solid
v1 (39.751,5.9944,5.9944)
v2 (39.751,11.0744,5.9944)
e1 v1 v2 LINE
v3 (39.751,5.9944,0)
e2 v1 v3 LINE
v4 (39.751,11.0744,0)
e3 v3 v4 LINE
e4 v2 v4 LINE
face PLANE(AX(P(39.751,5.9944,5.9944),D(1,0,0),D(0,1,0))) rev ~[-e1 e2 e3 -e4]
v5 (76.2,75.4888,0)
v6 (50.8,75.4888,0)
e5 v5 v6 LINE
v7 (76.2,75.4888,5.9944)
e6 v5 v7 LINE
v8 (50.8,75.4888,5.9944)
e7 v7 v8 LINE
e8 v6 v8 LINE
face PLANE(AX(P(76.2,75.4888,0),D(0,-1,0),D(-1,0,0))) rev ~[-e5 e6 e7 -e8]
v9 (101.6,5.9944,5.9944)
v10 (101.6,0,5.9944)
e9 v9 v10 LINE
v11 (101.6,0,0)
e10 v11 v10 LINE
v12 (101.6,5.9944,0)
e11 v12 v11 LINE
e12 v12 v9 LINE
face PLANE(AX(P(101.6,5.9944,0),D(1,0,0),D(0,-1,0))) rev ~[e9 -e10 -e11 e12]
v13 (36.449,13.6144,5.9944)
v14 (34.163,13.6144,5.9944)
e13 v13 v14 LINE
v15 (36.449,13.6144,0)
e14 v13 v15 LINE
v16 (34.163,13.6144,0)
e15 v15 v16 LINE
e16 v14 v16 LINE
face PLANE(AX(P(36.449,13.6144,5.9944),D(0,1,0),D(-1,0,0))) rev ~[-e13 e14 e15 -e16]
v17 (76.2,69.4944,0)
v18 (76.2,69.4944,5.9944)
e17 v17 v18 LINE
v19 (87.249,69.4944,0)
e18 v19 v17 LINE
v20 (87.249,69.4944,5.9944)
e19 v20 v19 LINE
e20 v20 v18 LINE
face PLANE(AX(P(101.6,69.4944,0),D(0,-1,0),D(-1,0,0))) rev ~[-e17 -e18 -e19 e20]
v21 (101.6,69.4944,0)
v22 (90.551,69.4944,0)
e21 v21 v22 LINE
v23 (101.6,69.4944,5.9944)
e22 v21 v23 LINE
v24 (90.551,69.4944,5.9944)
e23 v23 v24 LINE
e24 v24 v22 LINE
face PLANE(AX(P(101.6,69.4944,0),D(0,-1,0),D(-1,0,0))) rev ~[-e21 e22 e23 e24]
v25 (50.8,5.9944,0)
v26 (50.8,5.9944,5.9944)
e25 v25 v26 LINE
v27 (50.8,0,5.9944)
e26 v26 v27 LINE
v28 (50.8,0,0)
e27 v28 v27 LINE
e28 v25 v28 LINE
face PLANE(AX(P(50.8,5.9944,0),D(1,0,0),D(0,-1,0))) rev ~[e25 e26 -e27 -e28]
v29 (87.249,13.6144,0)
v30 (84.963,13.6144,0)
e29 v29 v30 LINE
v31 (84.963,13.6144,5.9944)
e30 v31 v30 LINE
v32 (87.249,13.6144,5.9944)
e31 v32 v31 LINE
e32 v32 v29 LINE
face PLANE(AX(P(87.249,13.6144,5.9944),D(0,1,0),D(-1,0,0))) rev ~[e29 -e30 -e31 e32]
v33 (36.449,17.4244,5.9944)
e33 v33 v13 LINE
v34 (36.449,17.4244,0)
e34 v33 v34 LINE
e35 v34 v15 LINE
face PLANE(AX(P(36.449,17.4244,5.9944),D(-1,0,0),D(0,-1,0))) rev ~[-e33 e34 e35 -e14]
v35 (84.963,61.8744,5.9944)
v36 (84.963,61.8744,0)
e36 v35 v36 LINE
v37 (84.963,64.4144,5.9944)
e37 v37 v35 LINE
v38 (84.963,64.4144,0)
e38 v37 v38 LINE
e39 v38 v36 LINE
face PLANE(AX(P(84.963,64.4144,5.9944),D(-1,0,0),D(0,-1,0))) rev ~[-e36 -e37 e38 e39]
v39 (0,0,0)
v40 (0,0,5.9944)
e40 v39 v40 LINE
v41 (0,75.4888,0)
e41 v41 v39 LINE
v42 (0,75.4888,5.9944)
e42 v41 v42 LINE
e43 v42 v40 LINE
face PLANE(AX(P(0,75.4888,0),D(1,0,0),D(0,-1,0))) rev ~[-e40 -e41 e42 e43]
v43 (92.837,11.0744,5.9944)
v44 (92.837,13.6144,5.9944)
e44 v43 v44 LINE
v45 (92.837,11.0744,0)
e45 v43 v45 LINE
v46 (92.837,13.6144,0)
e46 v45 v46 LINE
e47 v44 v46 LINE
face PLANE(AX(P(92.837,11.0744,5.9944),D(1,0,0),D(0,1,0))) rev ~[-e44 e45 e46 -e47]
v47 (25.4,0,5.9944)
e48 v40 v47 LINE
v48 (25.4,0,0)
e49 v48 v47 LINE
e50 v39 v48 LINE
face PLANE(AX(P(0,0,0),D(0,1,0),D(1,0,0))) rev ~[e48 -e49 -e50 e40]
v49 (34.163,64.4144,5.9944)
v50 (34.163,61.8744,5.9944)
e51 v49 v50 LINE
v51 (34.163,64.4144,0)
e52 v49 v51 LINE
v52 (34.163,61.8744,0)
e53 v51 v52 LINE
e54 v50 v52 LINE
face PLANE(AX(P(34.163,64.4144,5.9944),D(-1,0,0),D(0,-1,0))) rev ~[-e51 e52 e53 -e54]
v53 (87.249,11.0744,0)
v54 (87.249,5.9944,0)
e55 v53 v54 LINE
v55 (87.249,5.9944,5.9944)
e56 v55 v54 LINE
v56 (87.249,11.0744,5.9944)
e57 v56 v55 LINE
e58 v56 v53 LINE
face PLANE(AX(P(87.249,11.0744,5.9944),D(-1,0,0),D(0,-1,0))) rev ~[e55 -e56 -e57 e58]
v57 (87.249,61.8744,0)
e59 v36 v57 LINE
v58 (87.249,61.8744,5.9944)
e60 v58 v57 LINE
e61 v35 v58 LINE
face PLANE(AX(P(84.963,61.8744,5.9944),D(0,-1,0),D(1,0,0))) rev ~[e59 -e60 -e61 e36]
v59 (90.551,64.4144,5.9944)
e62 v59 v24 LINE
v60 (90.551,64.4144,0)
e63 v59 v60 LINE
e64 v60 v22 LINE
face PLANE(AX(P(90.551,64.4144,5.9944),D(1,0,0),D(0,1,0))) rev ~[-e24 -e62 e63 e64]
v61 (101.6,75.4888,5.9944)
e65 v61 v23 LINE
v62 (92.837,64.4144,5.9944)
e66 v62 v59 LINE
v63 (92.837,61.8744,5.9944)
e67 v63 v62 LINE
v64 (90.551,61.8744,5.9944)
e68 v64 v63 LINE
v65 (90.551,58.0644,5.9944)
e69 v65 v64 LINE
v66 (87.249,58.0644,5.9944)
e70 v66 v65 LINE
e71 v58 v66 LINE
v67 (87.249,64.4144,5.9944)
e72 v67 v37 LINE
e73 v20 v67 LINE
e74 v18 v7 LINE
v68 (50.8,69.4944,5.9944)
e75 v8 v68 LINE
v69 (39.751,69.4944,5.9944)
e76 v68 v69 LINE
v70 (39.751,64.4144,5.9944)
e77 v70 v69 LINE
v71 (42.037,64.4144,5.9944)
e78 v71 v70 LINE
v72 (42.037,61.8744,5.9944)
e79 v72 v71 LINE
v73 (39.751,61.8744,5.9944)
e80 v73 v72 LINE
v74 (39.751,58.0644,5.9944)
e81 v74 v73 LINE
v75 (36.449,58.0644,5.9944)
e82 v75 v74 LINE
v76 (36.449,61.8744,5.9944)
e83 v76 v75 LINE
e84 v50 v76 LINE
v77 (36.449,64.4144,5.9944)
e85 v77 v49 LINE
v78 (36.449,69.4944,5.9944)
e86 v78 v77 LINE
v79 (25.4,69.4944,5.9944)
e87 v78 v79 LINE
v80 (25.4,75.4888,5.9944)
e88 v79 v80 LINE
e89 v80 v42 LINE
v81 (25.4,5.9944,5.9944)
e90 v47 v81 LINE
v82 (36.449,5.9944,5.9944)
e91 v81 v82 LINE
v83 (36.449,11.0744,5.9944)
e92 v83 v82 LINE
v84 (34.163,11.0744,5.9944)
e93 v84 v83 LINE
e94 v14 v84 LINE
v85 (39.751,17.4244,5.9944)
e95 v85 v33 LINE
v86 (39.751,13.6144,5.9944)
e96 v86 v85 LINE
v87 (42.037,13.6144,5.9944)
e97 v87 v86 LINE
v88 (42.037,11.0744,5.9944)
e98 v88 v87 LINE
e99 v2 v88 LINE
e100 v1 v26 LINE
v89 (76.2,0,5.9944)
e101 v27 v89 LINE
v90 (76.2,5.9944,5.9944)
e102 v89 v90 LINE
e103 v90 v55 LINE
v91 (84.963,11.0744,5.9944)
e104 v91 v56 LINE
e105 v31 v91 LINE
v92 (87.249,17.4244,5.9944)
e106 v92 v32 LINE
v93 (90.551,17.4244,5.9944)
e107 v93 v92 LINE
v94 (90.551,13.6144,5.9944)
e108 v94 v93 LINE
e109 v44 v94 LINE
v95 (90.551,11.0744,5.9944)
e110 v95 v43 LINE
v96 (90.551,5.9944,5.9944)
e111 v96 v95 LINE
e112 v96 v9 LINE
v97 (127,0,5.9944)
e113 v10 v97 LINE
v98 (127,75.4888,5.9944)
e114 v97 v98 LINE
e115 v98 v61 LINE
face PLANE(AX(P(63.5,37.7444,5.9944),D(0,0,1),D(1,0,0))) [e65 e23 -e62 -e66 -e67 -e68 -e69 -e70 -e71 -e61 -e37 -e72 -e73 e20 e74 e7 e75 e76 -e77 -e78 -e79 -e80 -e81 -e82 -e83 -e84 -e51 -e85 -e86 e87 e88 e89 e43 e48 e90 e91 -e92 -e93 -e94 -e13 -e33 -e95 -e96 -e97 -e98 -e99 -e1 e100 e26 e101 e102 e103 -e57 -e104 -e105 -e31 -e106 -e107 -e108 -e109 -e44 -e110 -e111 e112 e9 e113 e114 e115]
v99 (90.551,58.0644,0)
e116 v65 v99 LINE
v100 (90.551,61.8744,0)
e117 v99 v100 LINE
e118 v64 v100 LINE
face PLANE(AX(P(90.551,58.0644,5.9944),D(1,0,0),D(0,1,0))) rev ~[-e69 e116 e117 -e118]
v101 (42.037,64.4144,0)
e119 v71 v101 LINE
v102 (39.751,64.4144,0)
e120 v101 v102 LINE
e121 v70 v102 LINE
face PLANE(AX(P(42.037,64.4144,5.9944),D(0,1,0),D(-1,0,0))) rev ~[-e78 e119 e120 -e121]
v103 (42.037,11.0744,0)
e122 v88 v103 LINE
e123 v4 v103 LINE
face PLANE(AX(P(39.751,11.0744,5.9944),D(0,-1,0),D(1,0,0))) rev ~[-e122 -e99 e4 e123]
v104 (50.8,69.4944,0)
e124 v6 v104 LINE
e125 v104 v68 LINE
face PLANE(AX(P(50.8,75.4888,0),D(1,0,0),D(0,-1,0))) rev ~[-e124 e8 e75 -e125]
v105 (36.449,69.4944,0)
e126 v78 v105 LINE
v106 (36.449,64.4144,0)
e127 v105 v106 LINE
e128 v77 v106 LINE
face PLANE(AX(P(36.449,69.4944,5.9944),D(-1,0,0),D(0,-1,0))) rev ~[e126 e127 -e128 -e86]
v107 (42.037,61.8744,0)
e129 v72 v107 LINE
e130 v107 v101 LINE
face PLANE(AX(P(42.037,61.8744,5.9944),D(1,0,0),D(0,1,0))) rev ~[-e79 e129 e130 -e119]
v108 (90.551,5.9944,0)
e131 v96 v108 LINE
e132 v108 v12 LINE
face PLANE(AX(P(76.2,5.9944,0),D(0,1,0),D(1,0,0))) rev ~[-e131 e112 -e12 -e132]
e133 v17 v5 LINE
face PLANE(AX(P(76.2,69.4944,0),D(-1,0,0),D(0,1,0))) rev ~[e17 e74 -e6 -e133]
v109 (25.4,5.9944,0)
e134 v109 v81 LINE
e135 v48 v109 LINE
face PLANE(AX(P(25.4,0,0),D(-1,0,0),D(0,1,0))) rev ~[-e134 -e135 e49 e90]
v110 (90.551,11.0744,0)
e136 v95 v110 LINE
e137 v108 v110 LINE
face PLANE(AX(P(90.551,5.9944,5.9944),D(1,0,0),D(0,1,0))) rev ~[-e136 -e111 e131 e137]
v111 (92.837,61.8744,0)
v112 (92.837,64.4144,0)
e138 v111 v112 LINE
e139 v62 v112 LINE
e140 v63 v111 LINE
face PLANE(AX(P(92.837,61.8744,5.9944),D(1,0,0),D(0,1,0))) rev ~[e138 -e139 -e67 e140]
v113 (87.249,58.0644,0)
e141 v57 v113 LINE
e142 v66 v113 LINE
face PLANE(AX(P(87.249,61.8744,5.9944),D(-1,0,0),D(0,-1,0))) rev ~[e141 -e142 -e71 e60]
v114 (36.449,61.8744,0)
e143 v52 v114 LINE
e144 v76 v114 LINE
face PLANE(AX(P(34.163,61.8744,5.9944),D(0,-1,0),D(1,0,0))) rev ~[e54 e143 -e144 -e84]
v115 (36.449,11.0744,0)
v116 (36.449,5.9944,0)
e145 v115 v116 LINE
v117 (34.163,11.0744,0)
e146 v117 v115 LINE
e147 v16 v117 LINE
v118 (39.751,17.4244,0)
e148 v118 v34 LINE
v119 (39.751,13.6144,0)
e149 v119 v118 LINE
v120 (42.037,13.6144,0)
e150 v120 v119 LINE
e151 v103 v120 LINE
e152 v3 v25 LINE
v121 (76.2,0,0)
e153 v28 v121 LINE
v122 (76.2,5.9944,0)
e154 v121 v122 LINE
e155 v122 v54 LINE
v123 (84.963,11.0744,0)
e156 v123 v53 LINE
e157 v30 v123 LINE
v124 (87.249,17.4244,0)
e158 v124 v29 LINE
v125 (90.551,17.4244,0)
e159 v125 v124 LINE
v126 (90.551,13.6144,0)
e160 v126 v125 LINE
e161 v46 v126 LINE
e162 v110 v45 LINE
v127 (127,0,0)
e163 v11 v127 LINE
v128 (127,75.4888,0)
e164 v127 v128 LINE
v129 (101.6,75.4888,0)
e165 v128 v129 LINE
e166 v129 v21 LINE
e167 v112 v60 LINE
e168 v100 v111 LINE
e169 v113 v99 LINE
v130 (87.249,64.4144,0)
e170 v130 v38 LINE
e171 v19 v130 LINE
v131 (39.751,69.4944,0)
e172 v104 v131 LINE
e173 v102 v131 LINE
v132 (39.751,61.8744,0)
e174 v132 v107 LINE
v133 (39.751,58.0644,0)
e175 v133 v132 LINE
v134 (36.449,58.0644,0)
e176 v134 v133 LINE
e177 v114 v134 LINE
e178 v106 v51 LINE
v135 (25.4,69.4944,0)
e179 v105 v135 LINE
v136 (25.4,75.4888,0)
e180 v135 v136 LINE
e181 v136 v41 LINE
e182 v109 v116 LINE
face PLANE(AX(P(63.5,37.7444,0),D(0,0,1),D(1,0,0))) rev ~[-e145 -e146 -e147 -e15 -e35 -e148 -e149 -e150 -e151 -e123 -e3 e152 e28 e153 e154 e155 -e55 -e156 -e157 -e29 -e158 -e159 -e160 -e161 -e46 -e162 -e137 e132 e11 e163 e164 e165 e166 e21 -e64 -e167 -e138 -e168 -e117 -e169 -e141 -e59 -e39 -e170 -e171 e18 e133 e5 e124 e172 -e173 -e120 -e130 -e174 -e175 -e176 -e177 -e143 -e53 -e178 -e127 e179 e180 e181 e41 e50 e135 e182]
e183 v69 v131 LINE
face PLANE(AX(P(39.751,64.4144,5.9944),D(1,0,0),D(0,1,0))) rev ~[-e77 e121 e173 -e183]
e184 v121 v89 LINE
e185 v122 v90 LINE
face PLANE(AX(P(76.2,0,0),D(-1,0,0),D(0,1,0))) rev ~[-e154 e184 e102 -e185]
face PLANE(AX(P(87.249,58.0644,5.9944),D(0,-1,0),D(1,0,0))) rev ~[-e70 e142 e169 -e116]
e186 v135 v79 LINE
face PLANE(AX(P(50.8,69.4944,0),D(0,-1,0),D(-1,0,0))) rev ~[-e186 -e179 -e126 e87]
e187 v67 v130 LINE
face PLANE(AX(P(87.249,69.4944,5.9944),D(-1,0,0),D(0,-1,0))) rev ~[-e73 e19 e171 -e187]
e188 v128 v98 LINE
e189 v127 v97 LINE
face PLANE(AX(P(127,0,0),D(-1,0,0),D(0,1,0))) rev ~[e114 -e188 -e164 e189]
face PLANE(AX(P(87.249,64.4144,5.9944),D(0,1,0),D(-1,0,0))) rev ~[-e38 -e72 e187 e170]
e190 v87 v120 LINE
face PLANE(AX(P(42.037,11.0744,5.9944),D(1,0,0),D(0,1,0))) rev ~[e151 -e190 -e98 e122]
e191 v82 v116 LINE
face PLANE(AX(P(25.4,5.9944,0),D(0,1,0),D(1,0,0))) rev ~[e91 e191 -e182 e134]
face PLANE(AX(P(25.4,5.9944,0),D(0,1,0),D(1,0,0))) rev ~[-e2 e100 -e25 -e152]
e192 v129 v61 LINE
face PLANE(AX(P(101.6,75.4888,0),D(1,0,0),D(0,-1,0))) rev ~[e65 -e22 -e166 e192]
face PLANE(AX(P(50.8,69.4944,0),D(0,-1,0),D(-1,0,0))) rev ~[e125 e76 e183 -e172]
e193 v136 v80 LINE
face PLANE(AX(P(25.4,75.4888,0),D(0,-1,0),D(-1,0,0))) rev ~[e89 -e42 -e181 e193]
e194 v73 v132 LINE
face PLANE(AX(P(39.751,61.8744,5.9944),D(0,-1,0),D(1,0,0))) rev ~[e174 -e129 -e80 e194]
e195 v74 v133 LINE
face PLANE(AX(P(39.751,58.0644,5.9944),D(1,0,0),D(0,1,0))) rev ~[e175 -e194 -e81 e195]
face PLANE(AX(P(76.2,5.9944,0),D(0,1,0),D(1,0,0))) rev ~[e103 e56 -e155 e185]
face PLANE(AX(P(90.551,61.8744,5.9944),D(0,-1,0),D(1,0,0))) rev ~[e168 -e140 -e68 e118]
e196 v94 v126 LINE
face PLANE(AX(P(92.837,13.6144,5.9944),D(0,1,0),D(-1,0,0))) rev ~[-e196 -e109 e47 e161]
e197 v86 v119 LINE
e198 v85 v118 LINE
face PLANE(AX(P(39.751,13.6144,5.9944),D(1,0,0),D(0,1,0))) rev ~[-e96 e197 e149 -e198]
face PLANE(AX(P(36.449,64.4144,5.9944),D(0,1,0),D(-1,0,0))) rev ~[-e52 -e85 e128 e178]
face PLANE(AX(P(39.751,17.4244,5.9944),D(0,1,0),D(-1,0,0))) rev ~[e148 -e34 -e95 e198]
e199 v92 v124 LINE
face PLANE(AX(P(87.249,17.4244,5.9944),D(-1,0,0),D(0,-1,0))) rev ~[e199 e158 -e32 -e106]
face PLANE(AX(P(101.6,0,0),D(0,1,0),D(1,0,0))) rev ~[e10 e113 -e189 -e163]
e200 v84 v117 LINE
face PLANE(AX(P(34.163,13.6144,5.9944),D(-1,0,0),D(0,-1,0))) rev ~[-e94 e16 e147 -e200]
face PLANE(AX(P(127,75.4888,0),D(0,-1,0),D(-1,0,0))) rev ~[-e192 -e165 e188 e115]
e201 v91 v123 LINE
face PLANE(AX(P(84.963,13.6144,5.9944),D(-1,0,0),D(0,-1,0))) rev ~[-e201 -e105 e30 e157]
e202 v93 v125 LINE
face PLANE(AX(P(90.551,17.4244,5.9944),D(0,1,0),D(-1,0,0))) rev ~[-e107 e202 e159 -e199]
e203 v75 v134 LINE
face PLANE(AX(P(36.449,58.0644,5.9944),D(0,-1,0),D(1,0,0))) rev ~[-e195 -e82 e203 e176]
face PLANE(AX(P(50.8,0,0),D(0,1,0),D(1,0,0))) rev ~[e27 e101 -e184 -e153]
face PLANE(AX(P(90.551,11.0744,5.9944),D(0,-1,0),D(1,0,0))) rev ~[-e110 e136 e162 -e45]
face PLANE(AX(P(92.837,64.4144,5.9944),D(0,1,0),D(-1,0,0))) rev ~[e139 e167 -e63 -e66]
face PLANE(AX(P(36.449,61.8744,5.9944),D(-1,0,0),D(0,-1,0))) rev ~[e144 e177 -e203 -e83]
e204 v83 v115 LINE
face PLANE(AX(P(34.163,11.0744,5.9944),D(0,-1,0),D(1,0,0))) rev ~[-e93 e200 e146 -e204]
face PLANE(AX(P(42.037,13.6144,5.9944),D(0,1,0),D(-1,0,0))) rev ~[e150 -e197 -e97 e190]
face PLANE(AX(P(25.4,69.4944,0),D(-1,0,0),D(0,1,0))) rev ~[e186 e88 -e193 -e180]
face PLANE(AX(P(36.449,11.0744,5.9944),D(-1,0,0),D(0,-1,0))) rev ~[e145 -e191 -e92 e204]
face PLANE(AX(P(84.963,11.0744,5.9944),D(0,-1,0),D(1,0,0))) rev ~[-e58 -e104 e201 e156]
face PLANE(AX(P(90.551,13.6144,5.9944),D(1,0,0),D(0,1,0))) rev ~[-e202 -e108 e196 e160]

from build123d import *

# Parameters (mm, degrees)
BOSS_EXTRUDE1_DEPTH = 5.9944
CUT_EXTRUDE2_DEPTH  = 5.9944


with BuildPart() as part:
    # Sketch1 → Boss-Extrude1 (new body)
    with BuildSketch(Plane.XY):
        Polygon((25.4, 5.9944), (50.8, 5.9944), (50.8, 0), (76.2, 0), (76.2, 5.9944), (101.6, 5.9944), (101.6, 0), (127, 0), (127, 75.4888), (101.6, 75.4888), (101.6, 69.4944), (76.2, 69.4944), (76.2, 75.4888), (50.8, 75.4888), (50.8, 69.4944), (25.4, 69.4944), (25.4, 75.4888), (0, 75.4888), (0, 0), (25.4, 0), align=None)
    extrude(amount=BOSS_EXTRUDE1_DEPTH)

    # Sketch2 → Cut-Extrude2 (cut)
    with BuildSketch(Plane.XY.offset(5.9944)):
        Polygon((36.449, 69.4944), (36.449, 64.4144), (34.163, 64.4144), (34.163, 61.8744), (36.449, 61.8744), (36.449, 58.0644), (39.751, 58.0644), (39.751, 61.8744), (42.037, 61.8744), (42.037, 64.4144), (39.751, 64.4144), (39.751, 69.4944), align=None)
        Polygon((36.449, 5.9944), (39.751, 5.9944), (39.751, 11.0744), (42.037, 11.0744), (42.037, 13.6144), (39.751, 13.6144), (39.751, 17.4244), (36.449, 17.4244), (36.449, 13.6144), (34.163, 13.6144), (34.163, 11.0744), (36.449, 11.0744), align=None)
        Polygon((90.551, 5.9944), (90.551, 11.0744), (92.837, 11.0744), (92.837, 13.6144), (90.551, 13.6144), (90.551, 17.4244), (87.249, 17.4244), (87.249, 13.6144), (84.963, 13.6144), (84.963, 11.0744), (87.249, 11.0744), (87.249, 5.9944), align=None)
        Polygon((90.551, 69.4944), (87.249, 69.4944), (87.249, 64.4144), (84.963, 64.4144), (84.963, 61.8744), (87.249, 61.8744), (87.249, 58.0644), (90.551, 58.0644), (90.551, 61.8744), (92.837, 61.8744), (92.837, 64.4144), (90.551, 64.4144), align=None)
    extrude(amount=-CUT_EXTRUDE2_DEPTH, mode=Mode.SUBTRACT)


solid = part.part
